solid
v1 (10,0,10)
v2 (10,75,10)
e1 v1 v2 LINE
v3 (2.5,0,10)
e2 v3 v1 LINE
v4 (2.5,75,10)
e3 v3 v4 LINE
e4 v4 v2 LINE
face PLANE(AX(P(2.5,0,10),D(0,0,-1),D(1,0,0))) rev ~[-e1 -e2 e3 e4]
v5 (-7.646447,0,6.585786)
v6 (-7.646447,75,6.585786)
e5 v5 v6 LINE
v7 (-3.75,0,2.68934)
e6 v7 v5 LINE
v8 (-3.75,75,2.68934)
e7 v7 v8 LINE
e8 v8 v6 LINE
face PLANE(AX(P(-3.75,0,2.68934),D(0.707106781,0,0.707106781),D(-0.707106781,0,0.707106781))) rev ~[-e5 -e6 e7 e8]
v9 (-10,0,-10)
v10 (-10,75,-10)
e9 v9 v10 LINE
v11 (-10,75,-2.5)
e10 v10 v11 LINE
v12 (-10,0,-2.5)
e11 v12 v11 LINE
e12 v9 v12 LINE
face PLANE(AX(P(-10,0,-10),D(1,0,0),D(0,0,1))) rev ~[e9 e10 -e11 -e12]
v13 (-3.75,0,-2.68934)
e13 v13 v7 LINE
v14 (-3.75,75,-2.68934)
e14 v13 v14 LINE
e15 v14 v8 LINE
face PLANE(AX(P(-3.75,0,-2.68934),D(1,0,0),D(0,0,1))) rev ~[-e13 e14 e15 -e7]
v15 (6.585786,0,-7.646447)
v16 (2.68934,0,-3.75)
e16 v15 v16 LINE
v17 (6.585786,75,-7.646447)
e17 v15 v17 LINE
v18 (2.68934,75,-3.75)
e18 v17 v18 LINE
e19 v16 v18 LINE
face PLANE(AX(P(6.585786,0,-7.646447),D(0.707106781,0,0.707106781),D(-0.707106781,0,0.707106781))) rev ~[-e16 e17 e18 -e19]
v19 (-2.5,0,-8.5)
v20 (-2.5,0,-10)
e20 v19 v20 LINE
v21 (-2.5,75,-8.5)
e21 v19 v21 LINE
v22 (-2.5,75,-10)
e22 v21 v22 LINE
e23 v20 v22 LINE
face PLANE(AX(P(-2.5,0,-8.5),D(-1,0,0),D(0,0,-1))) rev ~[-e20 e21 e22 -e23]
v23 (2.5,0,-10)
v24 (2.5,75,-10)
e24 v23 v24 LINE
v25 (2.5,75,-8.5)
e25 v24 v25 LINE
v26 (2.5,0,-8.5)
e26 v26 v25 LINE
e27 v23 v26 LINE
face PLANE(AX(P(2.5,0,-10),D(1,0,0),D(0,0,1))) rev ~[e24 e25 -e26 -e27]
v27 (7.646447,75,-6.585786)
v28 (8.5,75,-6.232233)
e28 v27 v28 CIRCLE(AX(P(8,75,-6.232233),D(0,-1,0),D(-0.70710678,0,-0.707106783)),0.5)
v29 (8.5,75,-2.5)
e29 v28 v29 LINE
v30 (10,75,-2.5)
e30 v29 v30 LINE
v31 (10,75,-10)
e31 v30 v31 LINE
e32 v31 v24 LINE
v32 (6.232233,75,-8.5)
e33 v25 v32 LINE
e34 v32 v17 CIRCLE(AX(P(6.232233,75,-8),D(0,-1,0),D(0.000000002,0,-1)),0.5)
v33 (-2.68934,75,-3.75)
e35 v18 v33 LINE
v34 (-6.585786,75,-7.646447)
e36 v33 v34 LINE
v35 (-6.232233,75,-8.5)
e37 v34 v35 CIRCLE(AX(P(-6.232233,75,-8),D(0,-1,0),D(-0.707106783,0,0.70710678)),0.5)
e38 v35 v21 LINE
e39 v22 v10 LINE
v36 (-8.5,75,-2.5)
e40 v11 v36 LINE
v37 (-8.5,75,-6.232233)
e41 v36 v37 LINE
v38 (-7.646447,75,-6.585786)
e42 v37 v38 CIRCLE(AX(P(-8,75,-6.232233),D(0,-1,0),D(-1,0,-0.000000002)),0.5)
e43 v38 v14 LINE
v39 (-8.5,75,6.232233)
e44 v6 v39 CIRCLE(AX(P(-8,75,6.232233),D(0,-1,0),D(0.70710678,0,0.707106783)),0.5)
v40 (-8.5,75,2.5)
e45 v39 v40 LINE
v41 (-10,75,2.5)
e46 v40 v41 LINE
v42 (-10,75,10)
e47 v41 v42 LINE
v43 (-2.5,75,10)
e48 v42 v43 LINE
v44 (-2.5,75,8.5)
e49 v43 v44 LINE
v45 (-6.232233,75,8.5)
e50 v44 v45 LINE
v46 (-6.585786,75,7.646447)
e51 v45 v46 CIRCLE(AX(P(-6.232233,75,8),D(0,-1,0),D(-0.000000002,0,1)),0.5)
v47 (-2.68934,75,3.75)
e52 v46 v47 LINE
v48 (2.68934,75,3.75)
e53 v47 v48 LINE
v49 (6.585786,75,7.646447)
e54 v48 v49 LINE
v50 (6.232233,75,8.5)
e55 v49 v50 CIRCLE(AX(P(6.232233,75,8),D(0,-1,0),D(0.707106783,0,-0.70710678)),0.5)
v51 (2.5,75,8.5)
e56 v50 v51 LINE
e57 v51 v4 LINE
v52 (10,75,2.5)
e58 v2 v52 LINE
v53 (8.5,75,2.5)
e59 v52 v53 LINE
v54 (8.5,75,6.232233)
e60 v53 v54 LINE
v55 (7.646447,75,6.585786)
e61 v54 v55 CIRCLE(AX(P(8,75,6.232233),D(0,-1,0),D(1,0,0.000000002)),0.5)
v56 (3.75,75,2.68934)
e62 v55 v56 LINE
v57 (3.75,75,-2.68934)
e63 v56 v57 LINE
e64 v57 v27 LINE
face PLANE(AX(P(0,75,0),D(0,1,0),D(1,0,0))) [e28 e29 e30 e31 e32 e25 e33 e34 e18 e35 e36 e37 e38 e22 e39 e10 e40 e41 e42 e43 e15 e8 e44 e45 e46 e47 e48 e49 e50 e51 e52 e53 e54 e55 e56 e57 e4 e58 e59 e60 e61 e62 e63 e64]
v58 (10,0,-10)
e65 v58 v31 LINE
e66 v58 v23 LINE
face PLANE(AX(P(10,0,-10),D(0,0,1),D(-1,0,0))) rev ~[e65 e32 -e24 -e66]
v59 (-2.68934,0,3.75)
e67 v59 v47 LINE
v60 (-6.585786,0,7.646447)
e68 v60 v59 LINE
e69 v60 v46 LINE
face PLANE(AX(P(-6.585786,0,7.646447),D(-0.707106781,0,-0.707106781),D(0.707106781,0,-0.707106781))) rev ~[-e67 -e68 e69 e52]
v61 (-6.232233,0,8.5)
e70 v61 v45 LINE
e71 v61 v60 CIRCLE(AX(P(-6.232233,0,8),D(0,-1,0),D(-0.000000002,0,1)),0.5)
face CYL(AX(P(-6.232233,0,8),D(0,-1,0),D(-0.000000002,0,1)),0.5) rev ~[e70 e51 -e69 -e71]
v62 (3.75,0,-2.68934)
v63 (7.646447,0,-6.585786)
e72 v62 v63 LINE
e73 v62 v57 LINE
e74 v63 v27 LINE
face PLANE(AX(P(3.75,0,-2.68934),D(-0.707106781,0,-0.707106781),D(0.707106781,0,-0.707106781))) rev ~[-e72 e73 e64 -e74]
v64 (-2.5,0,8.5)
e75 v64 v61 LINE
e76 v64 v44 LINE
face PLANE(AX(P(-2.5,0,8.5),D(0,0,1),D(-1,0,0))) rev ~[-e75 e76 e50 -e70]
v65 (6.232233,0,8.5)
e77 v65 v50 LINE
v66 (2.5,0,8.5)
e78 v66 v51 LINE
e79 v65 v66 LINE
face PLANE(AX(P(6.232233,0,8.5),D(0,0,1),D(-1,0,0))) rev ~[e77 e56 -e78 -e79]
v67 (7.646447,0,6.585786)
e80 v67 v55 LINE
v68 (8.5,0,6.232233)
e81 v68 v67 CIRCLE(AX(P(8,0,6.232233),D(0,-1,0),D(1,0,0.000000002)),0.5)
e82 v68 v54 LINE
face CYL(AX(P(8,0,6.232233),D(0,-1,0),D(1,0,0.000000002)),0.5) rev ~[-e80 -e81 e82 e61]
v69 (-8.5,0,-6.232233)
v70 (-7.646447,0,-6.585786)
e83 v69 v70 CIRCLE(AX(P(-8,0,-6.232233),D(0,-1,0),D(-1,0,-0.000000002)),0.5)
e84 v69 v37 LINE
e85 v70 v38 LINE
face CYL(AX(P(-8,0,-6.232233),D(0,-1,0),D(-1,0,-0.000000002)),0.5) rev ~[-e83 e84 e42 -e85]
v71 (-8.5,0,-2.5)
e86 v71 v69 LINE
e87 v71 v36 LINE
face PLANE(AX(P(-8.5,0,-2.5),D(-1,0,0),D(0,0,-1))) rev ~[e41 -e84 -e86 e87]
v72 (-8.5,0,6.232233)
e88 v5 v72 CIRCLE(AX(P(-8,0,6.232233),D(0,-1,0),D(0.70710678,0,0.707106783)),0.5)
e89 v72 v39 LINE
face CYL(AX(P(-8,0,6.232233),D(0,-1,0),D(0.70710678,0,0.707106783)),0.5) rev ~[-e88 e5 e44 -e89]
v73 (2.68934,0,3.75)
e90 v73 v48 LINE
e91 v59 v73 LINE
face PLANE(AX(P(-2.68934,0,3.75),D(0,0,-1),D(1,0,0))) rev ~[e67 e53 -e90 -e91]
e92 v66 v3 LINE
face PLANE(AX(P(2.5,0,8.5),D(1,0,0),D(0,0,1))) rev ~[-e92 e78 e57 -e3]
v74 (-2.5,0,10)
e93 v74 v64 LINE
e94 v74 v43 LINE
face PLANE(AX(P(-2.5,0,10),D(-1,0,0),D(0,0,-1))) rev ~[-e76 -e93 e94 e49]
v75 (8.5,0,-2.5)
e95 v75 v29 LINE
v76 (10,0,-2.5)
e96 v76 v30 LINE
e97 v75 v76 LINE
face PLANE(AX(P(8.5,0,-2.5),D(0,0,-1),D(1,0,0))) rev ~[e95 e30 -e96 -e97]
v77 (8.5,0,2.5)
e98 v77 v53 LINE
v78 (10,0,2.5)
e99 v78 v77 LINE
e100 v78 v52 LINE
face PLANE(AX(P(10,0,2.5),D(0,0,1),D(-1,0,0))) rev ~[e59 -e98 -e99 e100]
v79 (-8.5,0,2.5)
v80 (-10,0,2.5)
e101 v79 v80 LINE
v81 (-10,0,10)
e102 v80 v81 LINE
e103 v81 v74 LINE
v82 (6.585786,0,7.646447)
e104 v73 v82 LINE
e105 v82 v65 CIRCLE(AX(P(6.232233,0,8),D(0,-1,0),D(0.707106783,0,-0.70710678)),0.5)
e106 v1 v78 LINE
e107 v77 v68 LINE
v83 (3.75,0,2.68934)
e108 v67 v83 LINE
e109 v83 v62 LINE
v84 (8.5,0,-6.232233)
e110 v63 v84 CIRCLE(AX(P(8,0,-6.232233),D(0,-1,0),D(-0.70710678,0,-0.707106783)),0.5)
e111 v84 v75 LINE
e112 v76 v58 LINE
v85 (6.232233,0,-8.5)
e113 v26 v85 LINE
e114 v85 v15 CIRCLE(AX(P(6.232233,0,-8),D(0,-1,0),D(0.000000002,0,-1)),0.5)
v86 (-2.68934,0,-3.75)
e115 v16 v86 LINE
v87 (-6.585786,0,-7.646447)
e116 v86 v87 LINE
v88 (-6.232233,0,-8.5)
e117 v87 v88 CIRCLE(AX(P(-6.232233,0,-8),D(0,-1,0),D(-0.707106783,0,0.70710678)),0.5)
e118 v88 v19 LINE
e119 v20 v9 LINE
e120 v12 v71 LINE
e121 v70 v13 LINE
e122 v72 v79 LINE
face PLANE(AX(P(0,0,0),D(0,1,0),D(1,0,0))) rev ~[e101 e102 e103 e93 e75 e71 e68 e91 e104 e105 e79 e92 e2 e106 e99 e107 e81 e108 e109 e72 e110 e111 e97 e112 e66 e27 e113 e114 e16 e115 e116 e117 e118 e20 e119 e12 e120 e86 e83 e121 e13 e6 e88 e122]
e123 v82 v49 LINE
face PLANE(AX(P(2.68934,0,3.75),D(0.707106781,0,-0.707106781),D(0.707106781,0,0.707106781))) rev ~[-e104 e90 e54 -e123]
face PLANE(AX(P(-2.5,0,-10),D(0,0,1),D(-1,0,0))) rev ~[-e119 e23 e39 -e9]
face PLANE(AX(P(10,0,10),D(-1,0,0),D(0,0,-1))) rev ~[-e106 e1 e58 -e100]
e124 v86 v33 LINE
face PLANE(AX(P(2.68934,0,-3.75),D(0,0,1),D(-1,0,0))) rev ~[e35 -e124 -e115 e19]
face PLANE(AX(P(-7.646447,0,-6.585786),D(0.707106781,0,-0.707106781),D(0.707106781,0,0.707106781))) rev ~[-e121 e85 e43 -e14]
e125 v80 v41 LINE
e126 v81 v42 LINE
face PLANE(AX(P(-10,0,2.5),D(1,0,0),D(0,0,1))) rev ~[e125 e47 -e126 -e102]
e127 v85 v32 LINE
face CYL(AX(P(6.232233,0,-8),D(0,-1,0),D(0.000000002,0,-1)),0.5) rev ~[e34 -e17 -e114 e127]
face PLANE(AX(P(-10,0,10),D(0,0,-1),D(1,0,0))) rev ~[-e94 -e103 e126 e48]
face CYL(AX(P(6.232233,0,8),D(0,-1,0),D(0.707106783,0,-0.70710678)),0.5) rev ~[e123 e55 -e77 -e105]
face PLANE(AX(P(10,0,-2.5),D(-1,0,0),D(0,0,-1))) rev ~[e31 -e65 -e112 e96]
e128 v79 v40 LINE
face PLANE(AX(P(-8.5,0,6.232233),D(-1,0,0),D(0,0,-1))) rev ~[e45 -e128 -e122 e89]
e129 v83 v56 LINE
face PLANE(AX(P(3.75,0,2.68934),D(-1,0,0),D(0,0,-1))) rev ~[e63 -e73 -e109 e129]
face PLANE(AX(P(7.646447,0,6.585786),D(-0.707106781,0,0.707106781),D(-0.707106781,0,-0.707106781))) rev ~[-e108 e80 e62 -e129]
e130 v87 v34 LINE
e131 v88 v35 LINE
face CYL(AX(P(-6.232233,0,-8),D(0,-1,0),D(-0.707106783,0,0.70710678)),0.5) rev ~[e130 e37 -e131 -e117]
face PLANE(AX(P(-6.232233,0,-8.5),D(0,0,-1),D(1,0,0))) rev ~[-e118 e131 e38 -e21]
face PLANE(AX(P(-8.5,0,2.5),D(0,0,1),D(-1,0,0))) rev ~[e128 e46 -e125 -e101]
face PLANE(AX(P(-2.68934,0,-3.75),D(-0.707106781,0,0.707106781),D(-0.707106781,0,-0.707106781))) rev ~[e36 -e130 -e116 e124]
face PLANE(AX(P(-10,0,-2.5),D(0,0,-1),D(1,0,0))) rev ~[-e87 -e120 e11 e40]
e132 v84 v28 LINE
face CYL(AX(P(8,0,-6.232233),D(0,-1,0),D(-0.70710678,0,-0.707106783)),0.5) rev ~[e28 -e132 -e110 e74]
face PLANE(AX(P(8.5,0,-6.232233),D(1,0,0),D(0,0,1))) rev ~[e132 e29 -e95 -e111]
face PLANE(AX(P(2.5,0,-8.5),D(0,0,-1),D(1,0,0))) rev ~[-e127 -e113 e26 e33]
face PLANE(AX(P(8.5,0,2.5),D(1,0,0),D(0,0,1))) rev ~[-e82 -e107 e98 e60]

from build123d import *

# Parameters (mm, degrees)
BOSS_EXTRU_1_DEPTH = 75


with BuildPart() as part:
    # Esquisse1 → Boss.-Extru.1 (new body)
    with BuildSketch(Plane(origin=(0, 0, 0), x_dir=(1, 0, 0), z_dir=(0, 1, 0))):
        with BuildLine():
            Line((-10, -2.5), (-10, -10))
            Line((-10, -10), (-2.5, -10))
            Line((-2.5, -10), (-2.5, -8.5))
            Line((-2.5, -8.5), (-6.232233047, -8.5))
            ThreePointArc((-6.232233047, -8.5), (-6.694172813, -8.191341716), (-6.585786438, -7.646446609))
            Line((-6.585786438, -7.646446609), (-2.689339828, -3.75))
            Line((-2.689339828, -3.75), (2.689339828, -3.75))
            Line((2.689339828, -3.75), (6.585786438, -7.646446609))
            ThreePointArc((6.585786438, -7.646446609), (6.694172813, -8.191341716), (6.232233047, -8.5))
            Line((6.232233047, -8.5), (2.5, -8.5))
            Line((2.5, -8.5), (2.5, -10))
            Line((2.5, -10), (10, -10))
            Line((10, -10), (10, -2.5))
            Line((10, -2.5), (8.5, -2.5))
            Line((8.5, -2.5), (8.5, -6.232233047))
            ThreePointArc((8.5, -6.232233047), (8.191341716, -6.694172813), (7.646446609, -6.585786438))
            Line((7.646446609, -6.585786438), (3.75, -2.689339828))
            Line((3.75, -2.689339828), (3.75, 2.689339828))
            Line((3.75, 2.689339828), (7.646446609, 6.585786438))
            ThreePointArc((7.646446609, 6.585786438), (8.191341716, 6.694172813), (8.5, 6.232233047))
            Line((8.5, 6.232233047), (8.5, 2.5))
            Line((8.5, 2.5), (10, 2.5))
            Line((10, 2.5), (10, 10))
            Line((10, 10), (2.5, 10))
            Line((2.5, 10), (2.5, 8.5))
            Line((2.5, 8.5), (6.232233047, 8.5))
            ThreePointArc((6.232233047, 8.5), (6.694172813, 8.191341716), (6.585786438, 7.646446609))
            Line((6.585786438, 7.646446609), (2.689339828, 3.75))
            Line((2.689339828, 3.75), (-2.689339828, 3.75))
            Line((-2.689339828, 3.75), (-6.585786438, 7.646446609))
            ThreePointArc((-6.585786438, 7.646446609), (-6.694172813, 8.191341716), (-6.232233047, 8.5))
            Line((-6.232233047, 8.5), (-2.5, 8.5))
            Line((-2.5, 8.5), (-2.5, 10))
            Line((-2.5, 10), (-10, 10))
            Line((-10, 10), (-10, 2.5))
            Line((-10, 2.5), (-8.5, 2.5))
            Line((-8.5, 2.5), (-8.5, 6.232233047))
            ThreePointArc((-8.5, 6.232233047), (-8.191341716, 6.694172813), (-7.646446609, 6.585786438))
            Line((-7.646446609, 6.585786438), (-3.75, 2.689339828))
            Line((-3.75, 2.689339828), (-3.75, -2.689339828))
            Line((-3.75, -2.689339828), (-7.646446609, -6.585786438))
            ThreePointArc((-7.646446609, -6.585786438), (-8.191341716, -6.694172813), (-8.5, -6.232233047))
            Line((-8.5, -6.232233047), (-8.5, -2.5))
            Line((-8.5, -2.5), (-10, -2.5))
        make_face()
    extrude(amount=BOSS_EXTRU_1_DEPTH)


solid = part.part
